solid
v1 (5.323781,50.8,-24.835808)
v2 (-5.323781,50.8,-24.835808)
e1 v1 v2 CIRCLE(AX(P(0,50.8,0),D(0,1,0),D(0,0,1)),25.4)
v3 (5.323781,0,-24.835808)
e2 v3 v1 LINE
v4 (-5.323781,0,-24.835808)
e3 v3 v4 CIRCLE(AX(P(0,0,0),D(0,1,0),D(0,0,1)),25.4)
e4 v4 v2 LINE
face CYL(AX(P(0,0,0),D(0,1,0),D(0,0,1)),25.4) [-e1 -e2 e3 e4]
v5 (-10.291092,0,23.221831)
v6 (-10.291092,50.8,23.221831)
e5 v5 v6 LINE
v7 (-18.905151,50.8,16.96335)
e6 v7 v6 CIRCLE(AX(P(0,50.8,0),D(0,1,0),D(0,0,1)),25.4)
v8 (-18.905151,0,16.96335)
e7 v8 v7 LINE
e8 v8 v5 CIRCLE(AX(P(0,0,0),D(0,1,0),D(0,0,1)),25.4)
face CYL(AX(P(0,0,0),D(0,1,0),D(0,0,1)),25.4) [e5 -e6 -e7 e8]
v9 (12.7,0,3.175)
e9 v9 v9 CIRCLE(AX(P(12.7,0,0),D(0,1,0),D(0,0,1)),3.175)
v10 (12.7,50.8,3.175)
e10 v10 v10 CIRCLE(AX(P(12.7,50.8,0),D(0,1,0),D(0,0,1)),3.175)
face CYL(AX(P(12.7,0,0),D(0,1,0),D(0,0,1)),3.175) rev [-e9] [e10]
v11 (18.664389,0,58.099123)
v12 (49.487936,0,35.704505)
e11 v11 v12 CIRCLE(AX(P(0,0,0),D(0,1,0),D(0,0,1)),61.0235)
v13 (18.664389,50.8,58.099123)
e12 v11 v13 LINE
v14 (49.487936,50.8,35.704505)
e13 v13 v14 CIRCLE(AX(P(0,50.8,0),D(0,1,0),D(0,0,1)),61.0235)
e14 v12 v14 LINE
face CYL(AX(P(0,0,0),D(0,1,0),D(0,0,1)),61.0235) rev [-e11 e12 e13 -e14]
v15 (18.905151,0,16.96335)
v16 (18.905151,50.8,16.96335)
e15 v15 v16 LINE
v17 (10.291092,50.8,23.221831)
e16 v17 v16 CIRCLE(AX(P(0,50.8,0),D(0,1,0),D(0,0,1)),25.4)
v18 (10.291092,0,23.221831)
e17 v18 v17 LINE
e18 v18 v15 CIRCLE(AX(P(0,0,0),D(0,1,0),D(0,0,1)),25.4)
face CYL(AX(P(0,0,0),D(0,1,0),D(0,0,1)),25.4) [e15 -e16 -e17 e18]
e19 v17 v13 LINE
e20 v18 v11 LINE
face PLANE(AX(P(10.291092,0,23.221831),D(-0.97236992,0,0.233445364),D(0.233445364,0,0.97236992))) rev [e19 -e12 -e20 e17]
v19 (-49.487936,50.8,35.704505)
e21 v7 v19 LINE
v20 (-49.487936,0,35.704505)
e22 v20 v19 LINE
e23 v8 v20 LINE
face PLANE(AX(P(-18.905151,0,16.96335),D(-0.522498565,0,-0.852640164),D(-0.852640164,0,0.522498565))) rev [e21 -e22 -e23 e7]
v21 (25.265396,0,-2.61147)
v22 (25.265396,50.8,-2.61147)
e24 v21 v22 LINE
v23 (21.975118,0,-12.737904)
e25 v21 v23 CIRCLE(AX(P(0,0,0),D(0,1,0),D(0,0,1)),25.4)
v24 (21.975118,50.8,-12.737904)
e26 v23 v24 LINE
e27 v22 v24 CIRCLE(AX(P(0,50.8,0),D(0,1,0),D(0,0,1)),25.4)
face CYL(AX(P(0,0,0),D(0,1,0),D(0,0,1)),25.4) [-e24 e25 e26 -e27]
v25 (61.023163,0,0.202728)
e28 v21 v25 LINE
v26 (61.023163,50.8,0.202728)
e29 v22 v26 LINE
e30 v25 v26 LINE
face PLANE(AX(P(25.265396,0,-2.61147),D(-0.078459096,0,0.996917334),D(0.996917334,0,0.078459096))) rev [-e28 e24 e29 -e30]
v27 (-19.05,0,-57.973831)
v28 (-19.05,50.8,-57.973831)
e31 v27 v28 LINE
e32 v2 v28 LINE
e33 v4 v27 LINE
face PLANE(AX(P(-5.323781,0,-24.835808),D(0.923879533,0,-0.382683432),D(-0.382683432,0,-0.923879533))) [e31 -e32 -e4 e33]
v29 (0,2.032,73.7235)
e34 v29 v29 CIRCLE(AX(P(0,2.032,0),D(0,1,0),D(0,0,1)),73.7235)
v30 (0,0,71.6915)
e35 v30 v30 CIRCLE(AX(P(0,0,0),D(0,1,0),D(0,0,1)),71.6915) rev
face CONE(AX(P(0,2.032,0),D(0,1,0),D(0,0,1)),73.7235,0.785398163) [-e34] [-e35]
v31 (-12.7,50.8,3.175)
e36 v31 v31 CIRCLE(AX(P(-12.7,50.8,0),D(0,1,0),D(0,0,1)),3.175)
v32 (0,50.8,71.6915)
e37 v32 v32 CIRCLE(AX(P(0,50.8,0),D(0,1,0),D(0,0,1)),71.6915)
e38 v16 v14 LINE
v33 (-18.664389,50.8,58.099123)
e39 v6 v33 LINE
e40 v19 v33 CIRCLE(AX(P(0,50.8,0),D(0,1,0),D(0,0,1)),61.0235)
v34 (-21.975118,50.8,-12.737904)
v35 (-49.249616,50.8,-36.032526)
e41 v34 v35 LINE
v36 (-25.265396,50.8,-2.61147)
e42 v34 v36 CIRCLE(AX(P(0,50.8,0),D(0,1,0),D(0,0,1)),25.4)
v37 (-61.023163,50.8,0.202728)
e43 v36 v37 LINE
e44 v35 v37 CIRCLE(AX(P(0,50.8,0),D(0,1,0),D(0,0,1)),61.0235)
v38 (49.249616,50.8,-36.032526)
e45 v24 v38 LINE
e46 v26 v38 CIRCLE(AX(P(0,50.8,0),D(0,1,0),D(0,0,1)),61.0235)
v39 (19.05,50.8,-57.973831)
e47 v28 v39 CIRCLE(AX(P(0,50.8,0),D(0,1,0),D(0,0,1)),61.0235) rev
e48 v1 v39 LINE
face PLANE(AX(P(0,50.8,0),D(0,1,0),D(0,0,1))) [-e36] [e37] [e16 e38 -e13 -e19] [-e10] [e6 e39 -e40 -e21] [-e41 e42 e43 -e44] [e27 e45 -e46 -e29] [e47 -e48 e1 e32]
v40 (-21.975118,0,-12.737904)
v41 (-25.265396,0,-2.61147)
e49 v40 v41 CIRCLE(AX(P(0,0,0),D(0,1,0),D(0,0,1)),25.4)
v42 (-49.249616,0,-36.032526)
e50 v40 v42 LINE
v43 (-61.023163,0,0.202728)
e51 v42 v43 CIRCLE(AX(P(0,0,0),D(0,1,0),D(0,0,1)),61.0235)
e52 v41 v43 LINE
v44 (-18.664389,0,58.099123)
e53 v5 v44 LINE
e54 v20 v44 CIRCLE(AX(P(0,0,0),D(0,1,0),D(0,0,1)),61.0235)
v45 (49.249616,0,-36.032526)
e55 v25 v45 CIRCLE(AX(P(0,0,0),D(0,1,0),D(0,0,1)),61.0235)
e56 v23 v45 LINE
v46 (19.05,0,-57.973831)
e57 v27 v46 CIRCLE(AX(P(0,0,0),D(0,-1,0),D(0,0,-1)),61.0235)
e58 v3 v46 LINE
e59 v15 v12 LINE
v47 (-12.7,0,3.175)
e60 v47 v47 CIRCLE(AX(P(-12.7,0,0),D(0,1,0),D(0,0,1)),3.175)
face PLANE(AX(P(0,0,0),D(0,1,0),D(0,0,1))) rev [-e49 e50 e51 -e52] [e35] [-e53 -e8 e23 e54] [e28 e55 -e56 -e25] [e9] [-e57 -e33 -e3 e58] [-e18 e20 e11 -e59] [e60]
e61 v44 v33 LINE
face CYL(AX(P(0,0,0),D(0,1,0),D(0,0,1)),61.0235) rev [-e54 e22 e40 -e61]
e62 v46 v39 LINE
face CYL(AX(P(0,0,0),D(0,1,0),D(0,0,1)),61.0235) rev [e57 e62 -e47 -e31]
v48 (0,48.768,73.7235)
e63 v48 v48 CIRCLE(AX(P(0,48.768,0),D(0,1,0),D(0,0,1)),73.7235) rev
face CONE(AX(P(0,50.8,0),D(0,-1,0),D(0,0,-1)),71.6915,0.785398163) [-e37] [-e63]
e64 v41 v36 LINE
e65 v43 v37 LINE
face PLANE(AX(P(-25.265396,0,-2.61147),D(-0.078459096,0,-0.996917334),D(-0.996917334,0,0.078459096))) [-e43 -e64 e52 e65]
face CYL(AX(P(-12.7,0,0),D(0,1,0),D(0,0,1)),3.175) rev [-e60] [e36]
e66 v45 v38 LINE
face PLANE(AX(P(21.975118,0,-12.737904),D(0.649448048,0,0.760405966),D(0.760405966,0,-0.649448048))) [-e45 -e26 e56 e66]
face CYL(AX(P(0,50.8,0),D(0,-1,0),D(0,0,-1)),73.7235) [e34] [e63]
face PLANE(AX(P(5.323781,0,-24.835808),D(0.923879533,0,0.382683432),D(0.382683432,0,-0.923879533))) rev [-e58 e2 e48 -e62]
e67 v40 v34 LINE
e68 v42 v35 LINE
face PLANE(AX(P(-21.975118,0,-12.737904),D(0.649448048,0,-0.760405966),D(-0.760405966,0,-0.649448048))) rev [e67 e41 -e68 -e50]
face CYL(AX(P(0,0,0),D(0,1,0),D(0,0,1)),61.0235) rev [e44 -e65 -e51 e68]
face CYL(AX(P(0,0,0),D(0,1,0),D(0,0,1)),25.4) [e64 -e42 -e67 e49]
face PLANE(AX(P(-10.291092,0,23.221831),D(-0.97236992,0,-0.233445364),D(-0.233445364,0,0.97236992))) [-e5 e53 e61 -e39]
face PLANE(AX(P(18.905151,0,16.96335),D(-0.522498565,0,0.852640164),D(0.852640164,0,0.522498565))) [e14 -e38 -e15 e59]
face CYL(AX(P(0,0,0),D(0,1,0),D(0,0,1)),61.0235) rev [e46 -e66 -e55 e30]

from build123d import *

# Parameters (mm, degrees)
SKETCH2_R               = 73.7235
BOSS_EXTRUDE1_DEPTH     = 50.8
CHAMFER1_SIZE           = 2.032
CUT_EXTRUDE1_DEPTH      = 116.978225993
CUT_EXTRUDE1_DEPTH_BACK = 116.978225993
SKETCH3_R               = 3.175
CUT_EXTRUDE2_DEPTH      = 116.978225993
CUT_EXTRUDE2_DEPTH_BACK = 116.978225993


with BuildPart() as part:
    # Sketch2 → Boss-Extrude1 (new body)
    with BuildSketch(Plane(origin=(0, 0, 0), x_dir=(1, 0, 0), z_dir=(0, 1, 0))):
        with Locations(Location((0, 0, 0), (0, 0, 270))):
            Circle(SKETCH2_R)
    extrude(amount=BOSS_EXTRUDE1_DEPTH)

    # Chamfer1
    chamfer1_edges = [part.edges().sort_by_distance(p)[0] for p in [
        (0, 0, -73.7235),
        (0, 50.8, -73.7235),
    ]]
    chamfer(chamfer1_edges, length=CHAMFER1_SIZE)

    # Sketch3 → Cut-Extrude1 (cut, two sides: drawn at the far end of the back side and taken through both)
    with BuildSketch(Plane(origin=(0, 50.8, 0), x_dir=(1, 0, 0), z_dir=(0, 1, 0)).offset(-CUT_EXTRUDE1_DEPTH_BACK)):
        with Locations(Location((-12.7, 0, 0), (0, 0, 270))):
            Circle(SKETCH3_R)
        with Locations(Location((12.7, 0, 0), (0, 0, 270))):
            Circle(SKETCH3_R)
    extrude(amount=CUT_EXTRUDE1_DEPTH + CUT_EXTRUDE1_DEPTH_BACK, mode=Mode.SUBTRACT)

    # Sketch4 → Cut-Extrude2 (cut, two sides: drawn at the far end of the back side and taken through both)
    with BuildSketch(Plane(origin=(0, 50.8, 0), x_dir=(1, 0, 0), z_dir=(0, 1, 0)).offset(-CUT_EXTRUDE2_DEPTH_BACK)):
        with BuildLine():
            Line((-5.323781477, 24.835807834), (-19.05, 57.973830754))
            ThreePointArc((-19.05, 57.973830754), (0, 61.0235), (19.05, 57.973830754))
            Line((19.05, 57.973830754), (5.323781477, 24.835807834))
            ThreePointArc((5.323781477, 24.835807834), (0, 25.4), (-5.323781477, 24.835807834))
        make_face()
        with BuildLine():
            Line((21.975117928, 12.737903755), (49.24961577, 36.032525567))
            ThreePointArc((49.24961577, 36.032525567), (58.036797322, 18.857298556), (61.023163256, -0.202727704))
            Line((61.023163256, -0.202727704), (25.265395829, 2.611469625))
            ThreePointArc((25.265395829, 2.611469625), (24.156835514, 7.849031657), (21.975117928, 12.737903755))
        make_face()
        with BuildLine():
            Line((18.905151263, -16.963350369), (49.487936479, -35.704505253))
            ThreePointArc((49.487936479, -35.704505253), (35.868713343, -49.369048556), (18.664388993, -58.099123365))
            Line((18.664388993, -58.099123365), (10.291091885, -23.221830845))
            ThreePointArc((10.291091885, -23.221830845), (14.929745408, -20.549031657), (18.905151263, -16.963350369))
        make_face()
        with BuildLine():
            Line((-10.291091885, -23.221830845), (-18.664388993, -58.099123365))
            ThreePointArc((-18.664388993, -58.099123365), (-35.868713343, -49.369048556), (-49.487936479, -35.704505253))
            Line((-49.487936479, -35.704505253), (-18.905151263, -16.963350369))
            ThreePointArc((-18.905151263, -16.963350369), (-14.929745408, -20.549031657), (-10.291091885, -23.221830845))
        make_face()
        with BuildLine():
            Line((-25.265395829, 2.611469625), (-61.023163256, -0.202727704))
            ThreePointArc((-61.023163256, -0.202727704), (-58.036797322, 18.857298556), (-49.24961577, 36.032525567))
            Line((-49.24961577, 36.032525567), (-21.975117928, 12.737903755))
            ThreePointArc((-21.975117928, 12.737903755), (-24.156835514, 7.849031657), (-25.265395829, 2.611469625))
        make_face()
    extrude(amount=CUT_EXTRUDE2_DEPTH + CUT_EXTRUDE2_DEPTH_BACK, mode=Mode.SUBTRACT)


solid = part.part
